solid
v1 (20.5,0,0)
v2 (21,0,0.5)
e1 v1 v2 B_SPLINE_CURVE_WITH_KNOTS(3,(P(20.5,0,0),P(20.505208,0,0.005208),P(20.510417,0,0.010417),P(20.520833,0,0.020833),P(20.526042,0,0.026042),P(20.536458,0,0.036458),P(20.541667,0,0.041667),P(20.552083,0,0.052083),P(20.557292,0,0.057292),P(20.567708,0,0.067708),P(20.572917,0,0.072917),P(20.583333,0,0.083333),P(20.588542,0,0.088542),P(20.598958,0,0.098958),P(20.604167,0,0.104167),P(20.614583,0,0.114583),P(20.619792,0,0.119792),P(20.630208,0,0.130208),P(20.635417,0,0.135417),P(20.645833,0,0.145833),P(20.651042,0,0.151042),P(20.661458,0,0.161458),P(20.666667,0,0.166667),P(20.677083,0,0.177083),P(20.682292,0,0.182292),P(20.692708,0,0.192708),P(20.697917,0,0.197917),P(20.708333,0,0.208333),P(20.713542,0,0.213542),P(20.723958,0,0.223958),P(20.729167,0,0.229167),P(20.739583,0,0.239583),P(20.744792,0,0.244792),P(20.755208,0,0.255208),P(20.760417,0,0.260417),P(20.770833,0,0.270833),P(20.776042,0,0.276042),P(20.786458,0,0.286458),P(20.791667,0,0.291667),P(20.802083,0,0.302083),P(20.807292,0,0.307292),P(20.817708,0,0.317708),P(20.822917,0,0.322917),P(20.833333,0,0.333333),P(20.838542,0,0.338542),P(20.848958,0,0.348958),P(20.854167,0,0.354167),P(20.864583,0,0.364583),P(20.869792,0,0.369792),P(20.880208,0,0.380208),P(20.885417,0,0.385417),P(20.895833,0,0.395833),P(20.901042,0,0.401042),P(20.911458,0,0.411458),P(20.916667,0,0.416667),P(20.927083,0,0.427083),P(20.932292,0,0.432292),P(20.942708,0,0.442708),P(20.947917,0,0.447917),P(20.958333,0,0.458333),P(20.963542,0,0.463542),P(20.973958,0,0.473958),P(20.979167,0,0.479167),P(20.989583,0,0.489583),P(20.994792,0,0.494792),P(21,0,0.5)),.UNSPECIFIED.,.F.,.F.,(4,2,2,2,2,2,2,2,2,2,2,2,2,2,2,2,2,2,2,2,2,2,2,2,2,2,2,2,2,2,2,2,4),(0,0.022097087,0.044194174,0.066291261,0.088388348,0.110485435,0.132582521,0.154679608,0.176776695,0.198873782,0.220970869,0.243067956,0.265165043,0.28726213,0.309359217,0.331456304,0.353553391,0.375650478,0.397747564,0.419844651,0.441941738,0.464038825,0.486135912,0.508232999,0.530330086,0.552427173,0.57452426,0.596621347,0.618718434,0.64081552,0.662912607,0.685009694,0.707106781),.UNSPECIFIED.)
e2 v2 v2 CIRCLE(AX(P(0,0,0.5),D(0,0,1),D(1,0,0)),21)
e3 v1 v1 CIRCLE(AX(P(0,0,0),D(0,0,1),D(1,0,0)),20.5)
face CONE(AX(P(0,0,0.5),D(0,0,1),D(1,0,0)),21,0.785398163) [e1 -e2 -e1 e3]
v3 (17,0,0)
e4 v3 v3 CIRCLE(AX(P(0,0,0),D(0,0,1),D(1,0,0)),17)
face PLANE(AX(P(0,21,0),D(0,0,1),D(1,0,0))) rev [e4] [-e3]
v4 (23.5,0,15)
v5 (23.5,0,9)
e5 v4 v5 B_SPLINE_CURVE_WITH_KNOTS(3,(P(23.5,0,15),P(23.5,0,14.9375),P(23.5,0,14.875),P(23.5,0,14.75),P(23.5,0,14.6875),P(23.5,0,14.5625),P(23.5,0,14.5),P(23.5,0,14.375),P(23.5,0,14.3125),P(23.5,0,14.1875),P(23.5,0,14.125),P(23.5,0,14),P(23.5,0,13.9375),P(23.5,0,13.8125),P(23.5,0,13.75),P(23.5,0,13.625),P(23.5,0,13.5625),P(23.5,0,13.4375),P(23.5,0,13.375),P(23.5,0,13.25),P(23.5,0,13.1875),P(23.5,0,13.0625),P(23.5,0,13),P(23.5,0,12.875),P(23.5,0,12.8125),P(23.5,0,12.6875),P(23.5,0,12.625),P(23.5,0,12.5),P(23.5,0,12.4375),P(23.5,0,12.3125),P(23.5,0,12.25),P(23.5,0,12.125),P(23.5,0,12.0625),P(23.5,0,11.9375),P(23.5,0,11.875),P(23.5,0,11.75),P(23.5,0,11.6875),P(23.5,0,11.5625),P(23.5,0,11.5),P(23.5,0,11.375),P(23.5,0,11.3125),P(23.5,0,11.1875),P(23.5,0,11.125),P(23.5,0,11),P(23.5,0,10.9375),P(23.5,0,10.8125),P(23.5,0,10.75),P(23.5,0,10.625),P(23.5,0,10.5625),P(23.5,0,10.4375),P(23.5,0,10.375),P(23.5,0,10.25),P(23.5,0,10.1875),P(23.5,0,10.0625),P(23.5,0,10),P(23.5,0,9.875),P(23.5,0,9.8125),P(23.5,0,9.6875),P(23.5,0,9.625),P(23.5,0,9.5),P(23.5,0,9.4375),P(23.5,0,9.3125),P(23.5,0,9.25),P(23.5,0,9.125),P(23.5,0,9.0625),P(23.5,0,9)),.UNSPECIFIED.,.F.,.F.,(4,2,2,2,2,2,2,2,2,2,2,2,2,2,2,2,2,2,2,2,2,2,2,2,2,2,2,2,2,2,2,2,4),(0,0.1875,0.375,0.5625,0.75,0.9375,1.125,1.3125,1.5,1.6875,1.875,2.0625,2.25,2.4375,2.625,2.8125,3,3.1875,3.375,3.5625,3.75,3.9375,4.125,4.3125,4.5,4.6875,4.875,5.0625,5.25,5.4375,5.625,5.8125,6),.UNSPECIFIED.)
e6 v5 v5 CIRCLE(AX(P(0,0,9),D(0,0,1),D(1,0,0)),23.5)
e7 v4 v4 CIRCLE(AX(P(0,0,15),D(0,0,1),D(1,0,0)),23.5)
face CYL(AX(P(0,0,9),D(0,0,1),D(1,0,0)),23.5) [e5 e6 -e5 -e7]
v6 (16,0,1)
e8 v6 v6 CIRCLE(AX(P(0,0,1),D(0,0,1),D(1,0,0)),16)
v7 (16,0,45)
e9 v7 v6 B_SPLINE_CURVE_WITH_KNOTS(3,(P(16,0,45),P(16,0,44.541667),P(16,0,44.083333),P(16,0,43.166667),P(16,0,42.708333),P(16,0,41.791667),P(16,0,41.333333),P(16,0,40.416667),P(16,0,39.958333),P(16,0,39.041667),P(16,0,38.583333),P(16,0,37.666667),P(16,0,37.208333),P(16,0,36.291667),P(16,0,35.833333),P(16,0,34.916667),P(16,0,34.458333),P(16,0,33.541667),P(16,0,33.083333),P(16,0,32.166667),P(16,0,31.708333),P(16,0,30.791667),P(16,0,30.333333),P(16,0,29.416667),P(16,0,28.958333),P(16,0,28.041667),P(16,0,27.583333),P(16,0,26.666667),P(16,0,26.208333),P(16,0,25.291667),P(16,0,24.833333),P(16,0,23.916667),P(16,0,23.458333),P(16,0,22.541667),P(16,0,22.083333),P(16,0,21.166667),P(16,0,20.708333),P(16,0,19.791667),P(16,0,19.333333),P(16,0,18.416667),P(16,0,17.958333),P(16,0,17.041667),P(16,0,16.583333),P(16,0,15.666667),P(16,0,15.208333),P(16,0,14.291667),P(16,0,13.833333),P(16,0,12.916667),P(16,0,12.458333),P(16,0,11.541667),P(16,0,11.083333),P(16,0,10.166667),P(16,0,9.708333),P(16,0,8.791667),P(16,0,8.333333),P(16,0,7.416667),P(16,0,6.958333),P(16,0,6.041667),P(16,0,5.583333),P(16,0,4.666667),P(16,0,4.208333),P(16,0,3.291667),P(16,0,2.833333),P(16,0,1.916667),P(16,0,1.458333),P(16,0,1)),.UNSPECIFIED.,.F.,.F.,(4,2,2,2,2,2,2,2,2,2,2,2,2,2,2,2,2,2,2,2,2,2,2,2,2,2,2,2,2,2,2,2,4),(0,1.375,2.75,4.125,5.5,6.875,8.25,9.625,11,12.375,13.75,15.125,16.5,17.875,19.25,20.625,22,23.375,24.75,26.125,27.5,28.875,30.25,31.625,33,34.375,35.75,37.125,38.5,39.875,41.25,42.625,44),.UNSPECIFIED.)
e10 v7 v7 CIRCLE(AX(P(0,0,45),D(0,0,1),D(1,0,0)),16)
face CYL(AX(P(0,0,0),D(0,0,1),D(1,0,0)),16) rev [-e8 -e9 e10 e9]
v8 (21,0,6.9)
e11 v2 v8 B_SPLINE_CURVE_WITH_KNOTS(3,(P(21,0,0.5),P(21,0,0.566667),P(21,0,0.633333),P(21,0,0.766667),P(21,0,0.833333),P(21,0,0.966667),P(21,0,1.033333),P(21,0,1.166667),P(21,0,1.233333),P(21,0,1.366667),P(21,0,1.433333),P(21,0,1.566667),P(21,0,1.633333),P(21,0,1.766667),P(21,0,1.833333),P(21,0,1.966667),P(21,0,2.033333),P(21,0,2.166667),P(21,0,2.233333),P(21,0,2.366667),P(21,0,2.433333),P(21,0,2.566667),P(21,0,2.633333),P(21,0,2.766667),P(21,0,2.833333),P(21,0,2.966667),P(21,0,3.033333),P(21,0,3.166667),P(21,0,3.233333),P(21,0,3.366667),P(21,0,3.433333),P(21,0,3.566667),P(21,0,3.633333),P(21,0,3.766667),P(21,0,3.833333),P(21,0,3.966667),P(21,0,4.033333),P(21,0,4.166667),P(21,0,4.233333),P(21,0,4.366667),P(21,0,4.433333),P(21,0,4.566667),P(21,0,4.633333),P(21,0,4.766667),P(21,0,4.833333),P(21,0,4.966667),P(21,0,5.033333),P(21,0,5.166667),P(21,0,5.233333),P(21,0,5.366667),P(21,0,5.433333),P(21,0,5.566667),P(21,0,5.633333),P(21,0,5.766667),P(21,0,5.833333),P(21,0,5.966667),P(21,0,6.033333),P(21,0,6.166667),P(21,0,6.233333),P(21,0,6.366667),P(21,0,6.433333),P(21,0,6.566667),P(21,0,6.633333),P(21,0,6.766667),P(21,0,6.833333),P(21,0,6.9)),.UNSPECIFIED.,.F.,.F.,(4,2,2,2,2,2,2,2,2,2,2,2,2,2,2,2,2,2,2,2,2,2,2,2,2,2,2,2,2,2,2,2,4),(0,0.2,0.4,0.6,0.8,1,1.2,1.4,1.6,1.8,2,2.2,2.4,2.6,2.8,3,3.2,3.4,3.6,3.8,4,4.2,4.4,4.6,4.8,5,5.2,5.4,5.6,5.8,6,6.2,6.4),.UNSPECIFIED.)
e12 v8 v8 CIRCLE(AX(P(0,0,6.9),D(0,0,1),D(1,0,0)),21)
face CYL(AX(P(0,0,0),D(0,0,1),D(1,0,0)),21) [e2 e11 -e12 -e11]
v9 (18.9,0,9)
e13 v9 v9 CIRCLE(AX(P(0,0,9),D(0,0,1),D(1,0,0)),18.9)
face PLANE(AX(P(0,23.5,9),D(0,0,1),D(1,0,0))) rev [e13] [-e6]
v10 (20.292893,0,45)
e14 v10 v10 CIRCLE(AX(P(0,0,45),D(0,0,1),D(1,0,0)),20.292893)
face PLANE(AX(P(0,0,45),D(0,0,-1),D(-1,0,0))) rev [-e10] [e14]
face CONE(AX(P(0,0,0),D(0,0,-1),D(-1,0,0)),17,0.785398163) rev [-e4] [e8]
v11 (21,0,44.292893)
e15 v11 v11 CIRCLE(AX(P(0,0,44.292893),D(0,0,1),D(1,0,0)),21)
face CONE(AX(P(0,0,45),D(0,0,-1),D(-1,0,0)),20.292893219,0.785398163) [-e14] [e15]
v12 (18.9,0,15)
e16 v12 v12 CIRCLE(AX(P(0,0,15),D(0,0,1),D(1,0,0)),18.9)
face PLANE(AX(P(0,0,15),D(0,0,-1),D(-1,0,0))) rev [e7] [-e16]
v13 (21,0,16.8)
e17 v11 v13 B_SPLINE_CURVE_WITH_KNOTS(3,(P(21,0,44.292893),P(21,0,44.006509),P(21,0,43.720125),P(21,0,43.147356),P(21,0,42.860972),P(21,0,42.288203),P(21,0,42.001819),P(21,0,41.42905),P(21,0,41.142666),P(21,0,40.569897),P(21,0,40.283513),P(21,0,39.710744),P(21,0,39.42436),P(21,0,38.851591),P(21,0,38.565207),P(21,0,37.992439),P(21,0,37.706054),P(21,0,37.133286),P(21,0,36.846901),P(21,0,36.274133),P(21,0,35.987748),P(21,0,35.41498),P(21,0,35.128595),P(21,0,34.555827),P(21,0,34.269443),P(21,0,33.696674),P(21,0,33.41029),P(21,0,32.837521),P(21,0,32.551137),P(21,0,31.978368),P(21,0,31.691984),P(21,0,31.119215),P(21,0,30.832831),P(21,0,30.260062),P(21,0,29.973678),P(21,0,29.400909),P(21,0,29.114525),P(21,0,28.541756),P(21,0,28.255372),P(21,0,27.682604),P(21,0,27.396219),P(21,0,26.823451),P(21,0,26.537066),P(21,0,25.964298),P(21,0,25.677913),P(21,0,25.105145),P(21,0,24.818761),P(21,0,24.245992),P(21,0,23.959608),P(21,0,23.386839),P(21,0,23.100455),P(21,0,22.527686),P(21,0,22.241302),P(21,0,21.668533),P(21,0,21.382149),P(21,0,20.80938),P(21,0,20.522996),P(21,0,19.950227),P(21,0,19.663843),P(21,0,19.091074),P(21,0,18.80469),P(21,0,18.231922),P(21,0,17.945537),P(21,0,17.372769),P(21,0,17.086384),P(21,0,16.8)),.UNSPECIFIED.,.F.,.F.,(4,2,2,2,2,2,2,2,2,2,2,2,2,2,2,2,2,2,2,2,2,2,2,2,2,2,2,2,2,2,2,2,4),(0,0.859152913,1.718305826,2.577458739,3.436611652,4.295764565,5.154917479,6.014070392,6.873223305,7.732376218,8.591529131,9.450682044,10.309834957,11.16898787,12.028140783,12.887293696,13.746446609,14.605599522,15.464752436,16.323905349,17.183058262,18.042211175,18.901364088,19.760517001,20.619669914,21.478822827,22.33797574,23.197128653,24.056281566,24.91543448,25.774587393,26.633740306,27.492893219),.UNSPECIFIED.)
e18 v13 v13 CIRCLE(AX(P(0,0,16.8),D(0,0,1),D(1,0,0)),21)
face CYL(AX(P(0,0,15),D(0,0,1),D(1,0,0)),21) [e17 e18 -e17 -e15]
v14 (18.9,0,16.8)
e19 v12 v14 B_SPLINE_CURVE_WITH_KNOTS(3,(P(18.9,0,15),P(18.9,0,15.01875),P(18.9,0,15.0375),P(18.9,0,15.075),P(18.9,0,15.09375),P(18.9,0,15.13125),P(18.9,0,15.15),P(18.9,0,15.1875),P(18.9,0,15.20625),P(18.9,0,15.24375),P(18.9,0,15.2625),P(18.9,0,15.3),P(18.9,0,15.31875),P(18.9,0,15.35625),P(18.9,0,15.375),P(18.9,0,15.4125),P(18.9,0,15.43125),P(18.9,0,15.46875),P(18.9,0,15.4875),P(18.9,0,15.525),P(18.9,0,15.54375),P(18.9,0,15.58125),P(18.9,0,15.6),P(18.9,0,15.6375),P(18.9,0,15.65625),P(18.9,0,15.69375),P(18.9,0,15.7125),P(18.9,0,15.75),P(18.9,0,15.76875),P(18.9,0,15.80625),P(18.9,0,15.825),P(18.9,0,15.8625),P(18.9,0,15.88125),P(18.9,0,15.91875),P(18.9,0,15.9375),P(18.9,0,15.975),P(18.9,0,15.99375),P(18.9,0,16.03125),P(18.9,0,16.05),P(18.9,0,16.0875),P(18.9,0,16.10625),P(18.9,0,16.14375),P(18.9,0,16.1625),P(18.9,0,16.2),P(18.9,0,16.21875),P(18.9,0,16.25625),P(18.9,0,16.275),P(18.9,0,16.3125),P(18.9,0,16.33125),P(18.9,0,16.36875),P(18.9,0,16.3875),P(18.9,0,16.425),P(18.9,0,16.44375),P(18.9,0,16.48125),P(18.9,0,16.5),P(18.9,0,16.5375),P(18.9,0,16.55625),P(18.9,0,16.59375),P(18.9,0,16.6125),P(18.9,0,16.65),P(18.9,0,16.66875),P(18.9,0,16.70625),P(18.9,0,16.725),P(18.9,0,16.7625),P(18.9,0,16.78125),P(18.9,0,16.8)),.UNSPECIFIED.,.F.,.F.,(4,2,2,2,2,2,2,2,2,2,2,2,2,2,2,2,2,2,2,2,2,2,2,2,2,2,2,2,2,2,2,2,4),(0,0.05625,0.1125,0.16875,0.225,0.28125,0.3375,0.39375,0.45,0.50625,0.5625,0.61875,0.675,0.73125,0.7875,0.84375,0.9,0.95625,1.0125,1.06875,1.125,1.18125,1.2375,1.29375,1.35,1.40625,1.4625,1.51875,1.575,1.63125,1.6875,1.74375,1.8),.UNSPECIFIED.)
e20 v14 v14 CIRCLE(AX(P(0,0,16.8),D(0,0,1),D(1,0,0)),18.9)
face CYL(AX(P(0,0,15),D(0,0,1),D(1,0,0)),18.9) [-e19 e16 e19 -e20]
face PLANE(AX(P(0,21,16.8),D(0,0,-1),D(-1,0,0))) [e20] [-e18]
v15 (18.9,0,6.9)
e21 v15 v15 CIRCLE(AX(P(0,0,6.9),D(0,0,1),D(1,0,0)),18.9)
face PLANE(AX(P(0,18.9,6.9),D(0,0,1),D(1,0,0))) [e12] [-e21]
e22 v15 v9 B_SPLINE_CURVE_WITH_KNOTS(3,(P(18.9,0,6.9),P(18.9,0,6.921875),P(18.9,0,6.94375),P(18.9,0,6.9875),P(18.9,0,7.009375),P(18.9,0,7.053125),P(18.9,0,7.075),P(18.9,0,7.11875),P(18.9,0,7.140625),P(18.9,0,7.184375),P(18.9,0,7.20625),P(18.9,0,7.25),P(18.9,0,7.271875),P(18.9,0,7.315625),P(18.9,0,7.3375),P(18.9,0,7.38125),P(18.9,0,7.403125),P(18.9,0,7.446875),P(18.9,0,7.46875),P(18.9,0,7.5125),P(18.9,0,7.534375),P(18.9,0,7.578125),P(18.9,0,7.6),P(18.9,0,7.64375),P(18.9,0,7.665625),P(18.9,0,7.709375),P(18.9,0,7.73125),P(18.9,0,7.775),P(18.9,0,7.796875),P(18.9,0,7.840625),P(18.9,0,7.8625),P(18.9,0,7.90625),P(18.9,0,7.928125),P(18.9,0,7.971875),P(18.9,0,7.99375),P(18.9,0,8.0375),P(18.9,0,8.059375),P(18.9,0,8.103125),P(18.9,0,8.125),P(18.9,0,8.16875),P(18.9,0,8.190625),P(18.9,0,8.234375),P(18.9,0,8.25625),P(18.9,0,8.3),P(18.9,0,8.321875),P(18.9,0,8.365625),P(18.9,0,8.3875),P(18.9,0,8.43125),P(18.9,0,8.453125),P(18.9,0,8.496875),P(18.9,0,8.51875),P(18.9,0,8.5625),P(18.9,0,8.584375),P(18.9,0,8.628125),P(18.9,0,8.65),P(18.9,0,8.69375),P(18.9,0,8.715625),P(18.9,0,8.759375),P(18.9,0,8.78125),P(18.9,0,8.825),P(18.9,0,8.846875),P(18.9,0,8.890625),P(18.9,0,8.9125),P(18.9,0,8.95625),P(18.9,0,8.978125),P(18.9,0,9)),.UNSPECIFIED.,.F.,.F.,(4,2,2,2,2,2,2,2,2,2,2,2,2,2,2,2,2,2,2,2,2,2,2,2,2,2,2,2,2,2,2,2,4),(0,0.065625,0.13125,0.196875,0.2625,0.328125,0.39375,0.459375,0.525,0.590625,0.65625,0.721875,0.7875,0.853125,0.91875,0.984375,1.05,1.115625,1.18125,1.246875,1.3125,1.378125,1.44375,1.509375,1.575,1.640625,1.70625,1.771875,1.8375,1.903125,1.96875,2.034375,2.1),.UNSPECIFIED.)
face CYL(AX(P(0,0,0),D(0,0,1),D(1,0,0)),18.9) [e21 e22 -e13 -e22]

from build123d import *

# Parameters (mm, degrees)
SZKIC1_W = 6
SZKIC1_H = 23.5
SZKIC2_W = 30
SZKIC2_H = 21
SZKIC4_W = 1.8
SZKIC4_H = 2.1
SZKIC5_W = 9
SZKIC5_H = 21
SZKIC8_W = 2.1
SZKIC8_H = 2.1


with BuildPart() as part:
    # Szkic1 → Obrót1 (revolve)
    with BuildSketch(Plane(origin=(0, 0, 0), x_dir=(0, 0, -1), z_dir=(1, 0, 0))):
        with Locations((-12, 11.75)):
            Rectangle(SZKIC1_W, SZKIC1_H)
    revolve(axis=Axis((0, 0, 9), (0, 0, 1)))

    # Szkic2 → Obrót2 (revolve)
    with BuildSketch(Plane(origin=(0, 0, 0), x_dir=(0, 0, -1), z_dir=(1, 0, 0))):
        with Locations((-30, 10.5)):
            Rectangle(SZKIC2_W, SZKIC2_H)
    revolve(axis=Axis((0, 0, 15), (0, 0, 1)))

    # Szkic3 → Wycięcie-obrót1 (revolve, cut)
    with BuildSketch(Plane(origin=(0, 0, 0), x_dir=(0, 0, -1), z_dir=(1, 0, 0))):
        Polygon((-45, 20.292893219), (-44.292893219, 21), (-45, 21), align=None)
    revolve(axis=Axis((0, 0, 15), (0, 0, 1)), mode=Mode.SUBTRACT)

    # Szkic4 → Wycięcie-obrót2 (revolve, cut)
    with BuildSketch(Plane(origin=(0, 0, 0), x_dir=(0, 0, -1), z_dir=(1, 0, 0))):
        with Locations((-15.9, 19.95)):
            Rectangle(SZKIC4_W, SZKIC4_H)
    revolve(axis=Axis((0, 0, 15), (0, 0, 1)), mode=Mode.SUBTRACT)

    # Szkic5 → Obrót3 (revolve)
    with BuildSketch(Plane(origin=(0, 0, 0), x_dir=(0, 0, -1), z_dir=(1, 0, 0))):
        with Locations((-4.5, 10.5)):
            Rectangle(SZKIC5_W, SZKIC5_H)
    revolve(axis=Axis((0, 0, 0), (0, 0, 1)))

    # Szkic6 → Wycięcie-obrót3 (revolve, cut)
    with BuildSketch(Plane(origin=(0, 0, 0), x_dir=(0, 0, -1), z_dir=(1, 0, 0))):
        Polygon((-45, 0), (-45, 16), (-1, 16), (0, 17), (0, 0), align=None)
    revolve(axis=Axis((0, 0, 0), (0, 0, 1)), mode=Mode.SUBTRACT)

    # Szkic7 → Wycięcie-obrót4 (revolve, cut)
    with BuildSketch(Plane(origin=(0, 0, 0), x_dir=(0, 0, -1), z_dir=(1, 0, 0))):
        Polygon((-0.5, 21), (0, 20.5), (0, 21), align=None)
    revolve(axis=Axis((0, 0, 0), (0, 0, 1)), mode=Mode.SUBTRACT)

    # Szkic8 → Wycięcie-obrót5 (revolve, cut)
    with BuildSketch(Plane(origin=(0, 0, 0), x_dir=(0, 0, -1), z_dir=(1, 0, 0))):
        with Locations((-7.95, 19.95)):
            Rectangle(SZKIC8_W, SZKIC8_H)
    revolve(axis=Axis((0, 0, 0), (0, 0, 1)), mode=Mode.SUBTRACT)


solid = part.part
